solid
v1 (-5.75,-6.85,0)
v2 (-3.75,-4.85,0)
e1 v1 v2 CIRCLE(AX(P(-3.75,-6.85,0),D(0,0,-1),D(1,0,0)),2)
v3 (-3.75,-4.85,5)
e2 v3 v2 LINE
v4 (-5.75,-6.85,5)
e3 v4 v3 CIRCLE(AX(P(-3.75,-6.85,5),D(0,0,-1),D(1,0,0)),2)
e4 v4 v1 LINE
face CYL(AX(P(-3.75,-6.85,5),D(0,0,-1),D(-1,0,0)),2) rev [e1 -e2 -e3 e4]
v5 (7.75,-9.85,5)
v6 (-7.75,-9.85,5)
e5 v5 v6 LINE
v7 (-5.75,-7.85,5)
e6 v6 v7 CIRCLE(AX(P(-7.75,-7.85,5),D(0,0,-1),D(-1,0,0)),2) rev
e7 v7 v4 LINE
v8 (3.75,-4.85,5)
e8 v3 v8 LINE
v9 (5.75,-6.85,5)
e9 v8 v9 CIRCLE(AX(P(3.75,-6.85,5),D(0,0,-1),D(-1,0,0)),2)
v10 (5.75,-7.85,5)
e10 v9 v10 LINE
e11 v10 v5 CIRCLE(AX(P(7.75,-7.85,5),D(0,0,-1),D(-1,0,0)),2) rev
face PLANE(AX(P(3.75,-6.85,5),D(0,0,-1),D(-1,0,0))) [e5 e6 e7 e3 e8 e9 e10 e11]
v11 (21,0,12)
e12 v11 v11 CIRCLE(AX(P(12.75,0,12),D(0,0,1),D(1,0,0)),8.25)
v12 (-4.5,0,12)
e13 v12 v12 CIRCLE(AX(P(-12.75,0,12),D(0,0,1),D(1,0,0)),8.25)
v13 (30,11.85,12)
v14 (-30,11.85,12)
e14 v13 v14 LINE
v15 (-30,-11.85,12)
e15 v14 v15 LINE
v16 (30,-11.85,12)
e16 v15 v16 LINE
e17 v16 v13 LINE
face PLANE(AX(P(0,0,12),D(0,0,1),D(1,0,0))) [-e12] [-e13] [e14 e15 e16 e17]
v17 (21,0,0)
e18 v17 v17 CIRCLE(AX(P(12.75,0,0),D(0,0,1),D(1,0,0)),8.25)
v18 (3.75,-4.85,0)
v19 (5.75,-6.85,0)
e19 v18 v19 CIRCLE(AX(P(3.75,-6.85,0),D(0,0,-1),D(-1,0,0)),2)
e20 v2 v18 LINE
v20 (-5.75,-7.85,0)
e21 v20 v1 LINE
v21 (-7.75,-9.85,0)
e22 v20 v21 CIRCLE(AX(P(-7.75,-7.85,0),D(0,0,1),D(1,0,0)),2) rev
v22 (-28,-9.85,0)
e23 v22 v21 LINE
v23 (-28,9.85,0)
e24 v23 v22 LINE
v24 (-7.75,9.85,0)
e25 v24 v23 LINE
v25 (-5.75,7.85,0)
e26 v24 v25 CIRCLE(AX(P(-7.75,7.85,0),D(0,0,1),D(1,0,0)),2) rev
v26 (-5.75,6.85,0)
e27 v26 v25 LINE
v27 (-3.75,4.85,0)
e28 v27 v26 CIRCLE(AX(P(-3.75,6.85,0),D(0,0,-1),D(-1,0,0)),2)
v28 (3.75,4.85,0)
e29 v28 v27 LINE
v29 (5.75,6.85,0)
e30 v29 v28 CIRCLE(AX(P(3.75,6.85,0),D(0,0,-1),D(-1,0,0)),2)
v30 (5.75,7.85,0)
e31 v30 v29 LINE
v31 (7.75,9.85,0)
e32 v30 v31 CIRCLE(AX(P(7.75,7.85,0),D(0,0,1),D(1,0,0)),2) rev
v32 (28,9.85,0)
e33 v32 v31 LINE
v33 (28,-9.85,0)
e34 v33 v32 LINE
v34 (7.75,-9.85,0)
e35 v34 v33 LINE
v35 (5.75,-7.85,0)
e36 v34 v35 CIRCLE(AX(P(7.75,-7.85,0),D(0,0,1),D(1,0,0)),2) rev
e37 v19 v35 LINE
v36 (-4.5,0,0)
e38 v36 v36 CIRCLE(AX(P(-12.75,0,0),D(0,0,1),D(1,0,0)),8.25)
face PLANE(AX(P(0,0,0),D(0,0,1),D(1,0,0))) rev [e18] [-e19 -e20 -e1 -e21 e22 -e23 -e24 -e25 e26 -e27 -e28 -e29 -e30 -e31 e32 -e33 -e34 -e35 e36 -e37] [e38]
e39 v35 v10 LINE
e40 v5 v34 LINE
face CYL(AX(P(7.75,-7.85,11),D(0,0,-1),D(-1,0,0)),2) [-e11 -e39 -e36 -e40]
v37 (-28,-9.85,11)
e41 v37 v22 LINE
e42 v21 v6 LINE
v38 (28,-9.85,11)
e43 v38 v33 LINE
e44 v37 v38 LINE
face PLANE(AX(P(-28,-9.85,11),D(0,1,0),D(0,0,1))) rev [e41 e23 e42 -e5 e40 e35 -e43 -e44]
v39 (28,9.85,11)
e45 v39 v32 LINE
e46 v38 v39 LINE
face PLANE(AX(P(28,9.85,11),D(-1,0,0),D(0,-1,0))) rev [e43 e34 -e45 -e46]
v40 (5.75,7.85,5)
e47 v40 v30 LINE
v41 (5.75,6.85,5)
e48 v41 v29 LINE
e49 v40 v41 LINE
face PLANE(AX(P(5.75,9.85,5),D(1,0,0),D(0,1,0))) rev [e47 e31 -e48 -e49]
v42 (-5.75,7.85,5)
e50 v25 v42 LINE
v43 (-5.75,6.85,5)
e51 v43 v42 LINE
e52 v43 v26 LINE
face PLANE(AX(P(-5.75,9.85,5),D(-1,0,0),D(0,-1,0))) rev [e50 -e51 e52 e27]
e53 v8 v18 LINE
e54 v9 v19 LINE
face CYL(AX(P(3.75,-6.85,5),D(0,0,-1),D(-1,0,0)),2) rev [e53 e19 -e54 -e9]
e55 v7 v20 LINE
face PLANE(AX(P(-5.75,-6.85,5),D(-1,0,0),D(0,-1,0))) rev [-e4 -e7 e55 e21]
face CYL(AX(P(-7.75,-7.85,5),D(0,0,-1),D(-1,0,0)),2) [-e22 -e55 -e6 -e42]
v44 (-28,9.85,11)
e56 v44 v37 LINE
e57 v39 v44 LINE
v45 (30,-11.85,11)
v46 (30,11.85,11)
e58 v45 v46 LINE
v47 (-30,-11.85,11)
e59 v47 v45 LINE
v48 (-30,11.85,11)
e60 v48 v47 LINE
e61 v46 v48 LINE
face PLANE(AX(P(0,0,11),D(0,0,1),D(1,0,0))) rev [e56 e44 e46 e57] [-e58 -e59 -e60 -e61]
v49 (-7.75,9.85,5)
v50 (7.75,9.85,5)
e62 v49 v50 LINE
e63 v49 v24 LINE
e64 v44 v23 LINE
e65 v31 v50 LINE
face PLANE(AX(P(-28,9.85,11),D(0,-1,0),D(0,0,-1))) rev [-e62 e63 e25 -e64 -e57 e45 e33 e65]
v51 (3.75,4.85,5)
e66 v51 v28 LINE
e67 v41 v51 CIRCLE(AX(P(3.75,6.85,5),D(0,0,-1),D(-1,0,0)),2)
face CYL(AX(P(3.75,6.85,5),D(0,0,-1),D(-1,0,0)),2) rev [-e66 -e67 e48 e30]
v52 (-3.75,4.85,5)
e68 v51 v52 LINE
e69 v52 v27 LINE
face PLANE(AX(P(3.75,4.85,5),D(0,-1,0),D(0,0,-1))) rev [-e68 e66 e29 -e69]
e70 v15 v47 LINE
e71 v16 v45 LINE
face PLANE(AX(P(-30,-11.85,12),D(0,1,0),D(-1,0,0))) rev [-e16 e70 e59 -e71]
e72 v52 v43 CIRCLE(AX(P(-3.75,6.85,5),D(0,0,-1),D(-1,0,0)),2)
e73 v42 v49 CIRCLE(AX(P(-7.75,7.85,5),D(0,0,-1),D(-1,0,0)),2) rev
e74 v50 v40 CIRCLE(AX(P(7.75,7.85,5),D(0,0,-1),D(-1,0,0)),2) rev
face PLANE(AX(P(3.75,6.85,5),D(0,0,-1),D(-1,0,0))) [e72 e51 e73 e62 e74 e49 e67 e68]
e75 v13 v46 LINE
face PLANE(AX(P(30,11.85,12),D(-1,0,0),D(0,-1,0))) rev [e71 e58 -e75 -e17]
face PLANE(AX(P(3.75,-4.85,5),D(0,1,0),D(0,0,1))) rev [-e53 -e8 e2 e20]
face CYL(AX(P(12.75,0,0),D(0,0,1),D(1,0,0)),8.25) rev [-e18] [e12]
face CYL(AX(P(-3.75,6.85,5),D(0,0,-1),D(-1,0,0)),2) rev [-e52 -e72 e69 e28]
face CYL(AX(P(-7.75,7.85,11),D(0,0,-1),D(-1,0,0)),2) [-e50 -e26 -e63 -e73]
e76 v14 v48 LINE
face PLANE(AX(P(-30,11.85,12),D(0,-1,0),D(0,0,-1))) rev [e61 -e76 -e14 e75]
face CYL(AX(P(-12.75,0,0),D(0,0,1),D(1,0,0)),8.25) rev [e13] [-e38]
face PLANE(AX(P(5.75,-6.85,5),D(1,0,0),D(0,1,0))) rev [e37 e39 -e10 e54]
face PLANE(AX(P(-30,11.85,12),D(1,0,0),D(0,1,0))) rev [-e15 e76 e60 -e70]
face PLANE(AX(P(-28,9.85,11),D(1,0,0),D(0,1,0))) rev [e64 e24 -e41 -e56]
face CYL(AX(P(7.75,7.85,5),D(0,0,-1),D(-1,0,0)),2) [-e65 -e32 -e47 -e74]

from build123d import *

# Parameters (mm, degrees)
SKETCH1_W           = 56
SKETCH1_H           = 19.7
BOSS_EXTRUDE2_DEPTH = 11
SKETCH3_W           = 60
SKETCH3_H           = 23.7
BOSS_EXTRUDE3_DEPTH = 1
SKETCH4_R           = 8.25
CUT_EXTRUDE1_DEPTH  = 35.415439849
CUT_EXTRUDE2_DEPTH  = 5
FILLET1_R           = 2
CUT_EXTRUDE3_DEPTH  = 5
FILLET2_R           = 2


with BuildPart() as part:
    # Sketch1 → Boss-Extrude2 (new body)
    with BuildSketch(Plane.XY):
        Rectangle(SKETCH1_W, SKETCH1_H)
    extrude(amount=BOSS_EXTRUDE2_DEPTH)

    # Sketch3 → Boss-Extrude3 (add)
    with BuildSketch(Plane.XY.offset(11)):
        Rectangle(SKETCH3_W, SKETCH3_H)
    extrude(amount=BOSS_EXTRUDE3_DEPTH)

    # Sketch4 → Cut-Extrude1 (cut, through all)
    with BuildSketch(Plane.XY.offset(12)):
        with Locations((-12.75, 0)):
            Circle(SKETCH4_R)
        with Locations((12.75, 0)):
            Circle(SKETCH4_R)
    extrude(amount=-CUT_EXTRUDE1_DEPTH, mode=Mode.SUBTRACT)

    # Sketch5 → Cut-Extrude2 (cut)
    with BuildSketch(Plane(origin=(0, 0, 0), x_dir=(-1, 0, 0), z_dir=(0, 0, -1))):
        with BuildLine():
            Line((-5.75, 9.85), (5.75, 9.85))
            Line((5.75, 9.85), (5.75, 6.85))
            ThreePointArc((5.75, 6.85), (5.164213562, 5.435786438), (3.75, 4.85))
            Line((3.75, 4.85), (-3.75, 4.85))
            ThreePointArc((-3.75, 4.85), (-5.164213562, 5.435786438), (-5.75, 6.85))
            Line((-5.75, 6.85), (-5.75, 9.85))
        make_face()
    extrude(amount=-CUT_EXTRUDE2_DEPTH, mode=Mode.SUBTRACT)

    # Fillet1
    fillet1_edges = [part.edges().sort_by_distance(p)[0] for p in [
        (5.75, 9.85, 2.5),
        (-5.75, 9.85, 2.5),
    ]]
    fillet(fillet1_edges, radius=FILLET1_R)

    # Sketch6 → Cut-Extrude3 (cut)
    with BuildSketch(Plane(origin=(0, 0, 0), x_dir=(-1, 0, 0), z_dir=(0, 0, -1))):
        with BuildLine():
            Line((-3.75, -4.85), (3.75, -4.85))
            ThreePointArc((3.75, -4.85), (5.164213562, -5.435786438), (5.75, -6.85))
            Line((5.75, -6.85), (5.75, -9.85))
            Line((5.75, -9.85), (-5.75, -9.85))
            Line((-5.75, -9.85), (-5.75, -6.85))
            ThreePointArc((-5.75, -6.85), (-5.164213562, -5.435786438), (-3.75, -4.85))
        make_face()
    extrude(amount=-CUT_EXTRUDE3_DEPTH, mode=Mode.SUBTRACT)

    # Fillet2
    fillet2_edges = [part.edges().sort_by_distance(p)[0] for p in [
        (-5.75, -9.85, 2.5),
        (5.75, -9.85, 2.5),
    ]]
    fillet(fillet2_edges, radius=FILLET2_R)


solid = part.part
